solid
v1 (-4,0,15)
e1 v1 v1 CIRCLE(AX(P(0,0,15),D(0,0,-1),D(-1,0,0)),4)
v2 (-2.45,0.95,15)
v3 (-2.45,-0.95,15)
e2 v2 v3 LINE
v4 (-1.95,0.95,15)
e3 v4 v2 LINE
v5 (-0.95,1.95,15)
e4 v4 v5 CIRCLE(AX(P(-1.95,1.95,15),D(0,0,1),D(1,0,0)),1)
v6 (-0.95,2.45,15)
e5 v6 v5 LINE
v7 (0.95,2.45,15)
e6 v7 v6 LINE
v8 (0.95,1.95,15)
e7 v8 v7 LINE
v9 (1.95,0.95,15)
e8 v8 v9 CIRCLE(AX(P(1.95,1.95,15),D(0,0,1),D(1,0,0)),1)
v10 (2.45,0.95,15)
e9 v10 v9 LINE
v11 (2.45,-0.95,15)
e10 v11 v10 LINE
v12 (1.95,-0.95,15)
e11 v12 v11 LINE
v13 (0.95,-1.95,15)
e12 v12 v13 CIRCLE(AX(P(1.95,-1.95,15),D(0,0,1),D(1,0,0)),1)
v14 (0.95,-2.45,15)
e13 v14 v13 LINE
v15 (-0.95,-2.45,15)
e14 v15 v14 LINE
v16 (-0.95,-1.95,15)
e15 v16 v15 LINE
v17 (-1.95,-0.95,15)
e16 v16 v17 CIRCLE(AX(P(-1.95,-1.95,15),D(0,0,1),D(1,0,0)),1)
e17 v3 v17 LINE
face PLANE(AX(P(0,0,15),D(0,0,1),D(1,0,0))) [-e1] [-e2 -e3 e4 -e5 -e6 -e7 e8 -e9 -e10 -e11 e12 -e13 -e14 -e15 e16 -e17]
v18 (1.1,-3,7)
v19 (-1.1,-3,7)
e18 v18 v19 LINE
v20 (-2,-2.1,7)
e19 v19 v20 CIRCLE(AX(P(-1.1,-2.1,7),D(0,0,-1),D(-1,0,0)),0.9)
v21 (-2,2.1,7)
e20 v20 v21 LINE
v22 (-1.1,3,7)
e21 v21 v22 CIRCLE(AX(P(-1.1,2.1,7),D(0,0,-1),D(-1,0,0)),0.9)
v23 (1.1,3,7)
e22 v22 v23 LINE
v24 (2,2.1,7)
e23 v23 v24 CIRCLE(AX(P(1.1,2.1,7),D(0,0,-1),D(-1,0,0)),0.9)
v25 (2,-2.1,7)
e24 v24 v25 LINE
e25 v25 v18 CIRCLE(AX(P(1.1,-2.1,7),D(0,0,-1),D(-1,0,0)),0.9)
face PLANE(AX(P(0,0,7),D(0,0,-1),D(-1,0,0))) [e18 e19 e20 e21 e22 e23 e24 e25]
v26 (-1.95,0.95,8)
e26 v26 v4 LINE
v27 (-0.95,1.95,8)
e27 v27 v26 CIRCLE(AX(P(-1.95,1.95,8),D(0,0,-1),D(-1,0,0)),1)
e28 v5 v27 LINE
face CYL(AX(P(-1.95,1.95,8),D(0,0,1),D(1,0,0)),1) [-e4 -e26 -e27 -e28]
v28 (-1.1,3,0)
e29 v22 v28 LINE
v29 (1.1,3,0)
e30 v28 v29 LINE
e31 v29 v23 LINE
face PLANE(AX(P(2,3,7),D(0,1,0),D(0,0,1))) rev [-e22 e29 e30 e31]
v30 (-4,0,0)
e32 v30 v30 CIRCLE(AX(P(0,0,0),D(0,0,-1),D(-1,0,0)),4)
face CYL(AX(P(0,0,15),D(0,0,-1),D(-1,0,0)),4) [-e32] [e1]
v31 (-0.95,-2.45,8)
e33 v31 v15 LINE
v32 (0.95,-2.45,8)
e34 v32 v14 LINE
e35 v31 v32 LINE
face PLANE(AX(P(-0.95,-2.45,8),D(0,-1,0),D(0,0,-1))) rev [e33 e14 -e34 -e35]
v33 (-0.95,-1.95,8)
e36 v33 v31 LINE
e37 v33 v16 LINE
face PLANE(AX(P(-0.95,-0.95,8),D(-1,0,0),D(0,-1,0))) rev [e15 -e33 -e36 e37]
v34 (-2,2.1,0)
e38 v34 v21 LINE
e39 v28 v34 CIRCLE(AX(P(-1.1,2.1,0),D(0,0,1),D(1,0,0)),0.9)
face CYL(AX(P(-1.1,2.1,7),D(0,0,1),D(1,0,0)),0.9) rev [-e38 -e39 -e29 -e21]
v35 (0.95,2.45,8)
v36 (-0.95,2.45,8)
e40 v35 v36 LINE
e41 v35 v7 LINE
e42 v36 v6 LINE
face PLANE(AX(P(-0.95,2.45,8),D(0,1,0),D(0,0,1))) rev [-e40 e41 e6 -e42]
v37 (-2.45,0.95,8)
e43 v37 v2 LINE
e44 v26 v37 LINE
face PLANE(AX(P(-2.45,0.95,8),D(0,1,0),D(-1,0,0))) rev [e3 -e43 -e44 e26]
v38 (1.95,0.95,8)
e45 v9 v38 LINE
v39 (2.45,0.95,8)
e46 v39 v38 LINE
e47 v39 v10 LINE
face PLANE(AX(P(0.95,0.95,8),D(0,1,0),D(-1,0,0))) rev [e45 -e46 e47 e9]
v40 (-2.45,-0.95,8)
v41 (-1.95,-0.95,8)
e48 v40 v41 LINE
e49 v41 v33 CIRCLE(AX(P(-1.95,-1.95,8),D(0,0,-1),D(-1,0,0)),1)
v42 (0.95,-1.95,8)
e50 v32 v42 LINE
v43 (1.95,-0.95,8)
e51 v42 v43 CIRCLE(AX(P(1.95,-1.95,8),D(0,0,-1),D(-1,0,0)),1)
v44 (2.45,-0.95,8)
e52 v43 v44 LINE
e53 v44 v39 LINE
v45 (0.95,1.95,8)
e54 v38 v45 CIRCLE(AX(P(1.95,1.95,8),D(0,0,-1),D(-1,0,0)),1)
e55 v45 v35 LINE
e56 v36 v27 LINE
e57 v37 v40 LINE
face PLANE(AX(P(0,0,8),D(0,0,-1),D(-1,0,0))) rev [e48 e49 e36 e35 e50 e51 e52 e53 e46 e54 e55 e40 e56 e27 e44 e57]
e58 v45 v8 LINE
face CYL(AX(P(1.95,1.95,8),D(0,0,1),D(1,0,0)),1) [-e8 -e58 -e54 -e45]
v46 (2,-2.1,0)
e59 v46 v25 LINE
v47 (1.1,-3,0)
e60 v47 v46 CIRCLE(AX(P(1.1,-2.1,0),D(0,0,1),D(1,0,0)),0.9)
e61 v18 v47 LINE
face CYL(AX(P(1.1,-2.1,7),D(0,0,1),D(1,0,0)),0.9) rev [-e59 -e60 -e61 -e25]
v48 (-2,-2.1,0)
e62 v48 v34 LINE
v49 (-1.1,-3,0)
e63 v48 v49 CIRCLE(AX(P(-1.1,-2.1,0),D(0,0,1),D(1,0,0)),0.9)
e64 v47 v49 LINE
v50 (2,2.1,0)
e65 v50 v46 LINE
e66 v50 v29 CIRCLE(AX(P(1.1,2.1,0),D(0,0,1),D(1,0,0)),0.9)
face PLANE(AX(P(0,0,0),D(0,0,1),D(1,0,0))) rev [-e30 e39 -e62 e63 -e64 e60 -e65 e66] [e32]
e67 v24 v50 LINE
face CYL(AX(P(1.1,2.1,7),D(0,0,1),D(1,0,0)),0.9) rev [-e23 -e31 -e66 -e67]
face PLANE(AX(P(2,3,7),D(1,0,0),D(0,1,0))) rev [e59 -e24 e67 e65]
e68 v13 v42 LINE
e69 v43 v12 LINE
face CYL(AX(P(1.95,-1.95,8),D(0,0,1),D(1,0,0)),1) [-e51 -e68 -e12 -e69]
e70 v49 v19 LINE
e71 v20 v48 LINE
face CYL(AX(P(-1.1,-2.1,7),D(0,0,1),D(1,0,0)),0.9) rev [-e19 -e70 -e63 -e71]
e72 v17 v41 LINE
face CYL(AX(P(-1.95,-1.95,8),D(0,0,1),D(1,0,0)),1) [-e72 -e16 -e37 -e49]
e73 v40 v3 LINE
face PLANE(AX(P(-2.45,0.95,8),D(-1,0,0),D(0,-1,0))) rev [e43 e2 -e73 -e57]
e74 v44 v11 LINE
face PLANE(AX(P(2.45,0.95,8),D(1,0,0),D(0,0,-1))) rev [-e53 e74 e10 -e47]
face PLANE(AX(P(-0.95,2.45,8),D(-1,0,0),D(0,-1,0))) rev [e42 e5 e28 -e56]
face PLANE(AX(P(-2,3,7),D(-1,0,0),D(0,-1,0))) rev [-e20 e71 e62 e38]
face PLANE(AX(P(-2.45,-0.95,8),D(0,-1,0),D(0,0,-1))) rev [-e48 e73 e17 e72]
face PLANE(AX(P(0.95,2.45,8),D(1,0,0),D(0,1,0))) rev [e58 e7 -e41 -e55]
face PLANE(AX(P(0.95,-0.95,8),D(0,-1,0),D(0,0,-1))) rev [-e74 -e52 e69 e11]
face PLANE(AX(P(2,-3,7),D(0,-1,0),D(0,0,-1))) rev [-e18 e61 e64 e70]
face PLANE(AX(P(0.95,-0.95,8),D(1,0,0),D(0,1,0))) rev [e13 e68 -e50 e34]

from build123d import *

# Parameters (mm, degrees)
SKETCH1_R           = 4.5
BOSS_EXTRUDE1_DEPTH = 15
SKETCH2_W           = 4
SKETCH2_H           = 6
CUT_EXTRUDE1_DEPTH  = 7
CUT_EXTRUDE2_DEPTH  = 7
FILLET3_R           = 1
FILLET4_R           = 0.9
SKETCH4_R           = 4.5
SKETCH4_R_2         = 4
CUT_EXTRUDE3_DEPTH  = 15
SKETCH6_W           = 9.329019204
SKETCH6_H           = 8.683838676
SKETCH6_W_2         = 5
SKETCH6_H_2         = 7
CUT_EXTRUDE4_DEPTH  = 7
BOSS_EXTRUDE2_START = -15
SKETCH7_R           = 4
SKETCH7_R_2         = 3.5
BOSS_EXTRUDE2_DEPTH = 15
SKETCH8_W           = 7.8
SKETCH8_H           = 4.898979486
BOSS_EXTRUDE3_DEPTH = 1
SKETCH9_W           = 7.7
SKETCH9_H           = 5
BOSS_EXTRUDE4_DEPTH = 1
SKETCH10_R          = 4.498846738
SKETCH10_R_2        = 4
CUT_EXTRUDE7_DEPTH  = 21


with BuildPart() as part:
    # Sketch1 → Boss-Extrude1 (new body)
    with BuildSketch(Plane.XY):
        Circle(SKETCH1_R)
    extrude(amount=BOSS_EXTRUDE1_DEPTH)

    # Sketch2 → Cut-Extrude1 (cut)
    with BuildSketch(Plane(origin=(0, 0, 0), x_dir=(-1, 0, 0), z_dir=(0, 0, -1))):
        Rectangle(SKETCH2_W, SKETCH2_H)
    extrude(amount=-CUT_EXTRUDE1_DEPTH, mode=Mode.SUBTRACT)

    # Sketch3 → Cut-Extrude2 (cut)
    with BuildSketch(Plane.XY.offset(15)):
        Polygon((-0.95, -0.95), (-0.95, -2.45), (0.95, -2.45), (0.95, -0.95), (2.45, -0.95), (2.45, 0.95), (0.95, 0.95), (0.95, 2.45), (-0.95, 2.45), (-0.95, 0.95), (-2.45, 0.95), (-2.45, -0.95), align=None)
    extrude(amount=-CUT_EXTRUDE2_DEPTH, mode=Mode.SUBTRACT)

    # Fillet3
    fillet3_edges = [part.edges().sort_by_distance(p)[0] for p in [
        (0.95, -0.95, 11.5),
        (-0.95, -0.95, 11.5),
        (-0.95, 0.95, 11.5),
        (0.95, 0.95, 11.5),
    ]]
    fillet(fillet3_edges, radius=FILLET3_R)

    # Fillet4
    fillet4_edges = [part.edges().sort_by_distance(p)[0] for p in [
        (-2, 3, 3.5),
        (-2, -3, 3.5),
        (2, -3, 3.5),
        (2, 3, 3.5),
    ]]
    fillet(fillet4_edges, radius=FILLET4_R)

    # Sketch4 → Cut-Extrude3 (cut)
    with BuildSketch(Plane(origin=(0, 0, 0), x_dir=(-1, 0, 0), z_dir=(0, 0, -1))):
        Circle(SKETCH4_R)
        Circle(SKETCH4_R_2, mode=Mode.SUBTRACT)
    extrude(amount=-CUT_EXTRUDE3_DEPTH, mode=Mode.SUBTRACT)

    # Sketch6 → Cut-Extrude4 (cut)
    with BuildSketch(Plane(origin=(0, 0, 0), x_dir=(-1, 0, 0), z_dir=(0, 0, -1))):
        Rectangle(SKETCH6_W, SKETCH6_H)
        Rectangle(SKETCH6_W_2, SKETCH6_H_2, mode=Mode.SUBTRACT)
    extrude(amount=-CUT_EXTRUDE4_DEPTH, mode=Mode.SUBTRACT)

    # Sketch7 → Boss-Extrude2 (add)
    with BuildSketch(Plane.XY.offset(15).offset(BOSS_EXTRUDE2_START)):
        with Locations(Location((0, 0, 0), (0, 0, 180))):
            Circle(SKETCH7_R)
        Circle(SKETCH7_R_2, mode=Mode.SUBTRACT)
    extrude(amount=BOSS_EXTRUDE2_DEPTH)

    # Sketch8 → Boss-Extrude3 (add)
    with BuildSketch(Plane(origin=(2.5, 0, 0), x_dir=(0, 0, -1), z_dir=(1, 0, 0))):
        with Locations((-3.9, 0)):
            Rectangle(SKETCH8_W, SKETCH8_H)
    extrude(amount=BOSS_EXTRUDE3_DEPTH)

    # Sketch9 → Boss-Extrude4 (add)
    with BuildSketch(Plane.ZY.offset(2.5)):
        with Locations((3.85, -0.050510257)):
            Rectangle(SKETCH9_W, SKETCH9_H)
    extrude(amount=BOSS_EXTRUDE4_DEPTH)

    # Sketch10 → Cut-Extrude7 (cut)
    with BuildSketch(Plane(origin=(0, 0, 0), x_dir=(-1, 0, 0), z_dir=(0, 0, -1))):
        Circle(SKETCH10_R)
        Circle(SKETCH10_R_2, mode=Mode.SUBTRACT)
    extrude(amount=-CUT_EXTRUDE7_DEPTH, mode=Mode.SUBTRACT)


solid = part.part
